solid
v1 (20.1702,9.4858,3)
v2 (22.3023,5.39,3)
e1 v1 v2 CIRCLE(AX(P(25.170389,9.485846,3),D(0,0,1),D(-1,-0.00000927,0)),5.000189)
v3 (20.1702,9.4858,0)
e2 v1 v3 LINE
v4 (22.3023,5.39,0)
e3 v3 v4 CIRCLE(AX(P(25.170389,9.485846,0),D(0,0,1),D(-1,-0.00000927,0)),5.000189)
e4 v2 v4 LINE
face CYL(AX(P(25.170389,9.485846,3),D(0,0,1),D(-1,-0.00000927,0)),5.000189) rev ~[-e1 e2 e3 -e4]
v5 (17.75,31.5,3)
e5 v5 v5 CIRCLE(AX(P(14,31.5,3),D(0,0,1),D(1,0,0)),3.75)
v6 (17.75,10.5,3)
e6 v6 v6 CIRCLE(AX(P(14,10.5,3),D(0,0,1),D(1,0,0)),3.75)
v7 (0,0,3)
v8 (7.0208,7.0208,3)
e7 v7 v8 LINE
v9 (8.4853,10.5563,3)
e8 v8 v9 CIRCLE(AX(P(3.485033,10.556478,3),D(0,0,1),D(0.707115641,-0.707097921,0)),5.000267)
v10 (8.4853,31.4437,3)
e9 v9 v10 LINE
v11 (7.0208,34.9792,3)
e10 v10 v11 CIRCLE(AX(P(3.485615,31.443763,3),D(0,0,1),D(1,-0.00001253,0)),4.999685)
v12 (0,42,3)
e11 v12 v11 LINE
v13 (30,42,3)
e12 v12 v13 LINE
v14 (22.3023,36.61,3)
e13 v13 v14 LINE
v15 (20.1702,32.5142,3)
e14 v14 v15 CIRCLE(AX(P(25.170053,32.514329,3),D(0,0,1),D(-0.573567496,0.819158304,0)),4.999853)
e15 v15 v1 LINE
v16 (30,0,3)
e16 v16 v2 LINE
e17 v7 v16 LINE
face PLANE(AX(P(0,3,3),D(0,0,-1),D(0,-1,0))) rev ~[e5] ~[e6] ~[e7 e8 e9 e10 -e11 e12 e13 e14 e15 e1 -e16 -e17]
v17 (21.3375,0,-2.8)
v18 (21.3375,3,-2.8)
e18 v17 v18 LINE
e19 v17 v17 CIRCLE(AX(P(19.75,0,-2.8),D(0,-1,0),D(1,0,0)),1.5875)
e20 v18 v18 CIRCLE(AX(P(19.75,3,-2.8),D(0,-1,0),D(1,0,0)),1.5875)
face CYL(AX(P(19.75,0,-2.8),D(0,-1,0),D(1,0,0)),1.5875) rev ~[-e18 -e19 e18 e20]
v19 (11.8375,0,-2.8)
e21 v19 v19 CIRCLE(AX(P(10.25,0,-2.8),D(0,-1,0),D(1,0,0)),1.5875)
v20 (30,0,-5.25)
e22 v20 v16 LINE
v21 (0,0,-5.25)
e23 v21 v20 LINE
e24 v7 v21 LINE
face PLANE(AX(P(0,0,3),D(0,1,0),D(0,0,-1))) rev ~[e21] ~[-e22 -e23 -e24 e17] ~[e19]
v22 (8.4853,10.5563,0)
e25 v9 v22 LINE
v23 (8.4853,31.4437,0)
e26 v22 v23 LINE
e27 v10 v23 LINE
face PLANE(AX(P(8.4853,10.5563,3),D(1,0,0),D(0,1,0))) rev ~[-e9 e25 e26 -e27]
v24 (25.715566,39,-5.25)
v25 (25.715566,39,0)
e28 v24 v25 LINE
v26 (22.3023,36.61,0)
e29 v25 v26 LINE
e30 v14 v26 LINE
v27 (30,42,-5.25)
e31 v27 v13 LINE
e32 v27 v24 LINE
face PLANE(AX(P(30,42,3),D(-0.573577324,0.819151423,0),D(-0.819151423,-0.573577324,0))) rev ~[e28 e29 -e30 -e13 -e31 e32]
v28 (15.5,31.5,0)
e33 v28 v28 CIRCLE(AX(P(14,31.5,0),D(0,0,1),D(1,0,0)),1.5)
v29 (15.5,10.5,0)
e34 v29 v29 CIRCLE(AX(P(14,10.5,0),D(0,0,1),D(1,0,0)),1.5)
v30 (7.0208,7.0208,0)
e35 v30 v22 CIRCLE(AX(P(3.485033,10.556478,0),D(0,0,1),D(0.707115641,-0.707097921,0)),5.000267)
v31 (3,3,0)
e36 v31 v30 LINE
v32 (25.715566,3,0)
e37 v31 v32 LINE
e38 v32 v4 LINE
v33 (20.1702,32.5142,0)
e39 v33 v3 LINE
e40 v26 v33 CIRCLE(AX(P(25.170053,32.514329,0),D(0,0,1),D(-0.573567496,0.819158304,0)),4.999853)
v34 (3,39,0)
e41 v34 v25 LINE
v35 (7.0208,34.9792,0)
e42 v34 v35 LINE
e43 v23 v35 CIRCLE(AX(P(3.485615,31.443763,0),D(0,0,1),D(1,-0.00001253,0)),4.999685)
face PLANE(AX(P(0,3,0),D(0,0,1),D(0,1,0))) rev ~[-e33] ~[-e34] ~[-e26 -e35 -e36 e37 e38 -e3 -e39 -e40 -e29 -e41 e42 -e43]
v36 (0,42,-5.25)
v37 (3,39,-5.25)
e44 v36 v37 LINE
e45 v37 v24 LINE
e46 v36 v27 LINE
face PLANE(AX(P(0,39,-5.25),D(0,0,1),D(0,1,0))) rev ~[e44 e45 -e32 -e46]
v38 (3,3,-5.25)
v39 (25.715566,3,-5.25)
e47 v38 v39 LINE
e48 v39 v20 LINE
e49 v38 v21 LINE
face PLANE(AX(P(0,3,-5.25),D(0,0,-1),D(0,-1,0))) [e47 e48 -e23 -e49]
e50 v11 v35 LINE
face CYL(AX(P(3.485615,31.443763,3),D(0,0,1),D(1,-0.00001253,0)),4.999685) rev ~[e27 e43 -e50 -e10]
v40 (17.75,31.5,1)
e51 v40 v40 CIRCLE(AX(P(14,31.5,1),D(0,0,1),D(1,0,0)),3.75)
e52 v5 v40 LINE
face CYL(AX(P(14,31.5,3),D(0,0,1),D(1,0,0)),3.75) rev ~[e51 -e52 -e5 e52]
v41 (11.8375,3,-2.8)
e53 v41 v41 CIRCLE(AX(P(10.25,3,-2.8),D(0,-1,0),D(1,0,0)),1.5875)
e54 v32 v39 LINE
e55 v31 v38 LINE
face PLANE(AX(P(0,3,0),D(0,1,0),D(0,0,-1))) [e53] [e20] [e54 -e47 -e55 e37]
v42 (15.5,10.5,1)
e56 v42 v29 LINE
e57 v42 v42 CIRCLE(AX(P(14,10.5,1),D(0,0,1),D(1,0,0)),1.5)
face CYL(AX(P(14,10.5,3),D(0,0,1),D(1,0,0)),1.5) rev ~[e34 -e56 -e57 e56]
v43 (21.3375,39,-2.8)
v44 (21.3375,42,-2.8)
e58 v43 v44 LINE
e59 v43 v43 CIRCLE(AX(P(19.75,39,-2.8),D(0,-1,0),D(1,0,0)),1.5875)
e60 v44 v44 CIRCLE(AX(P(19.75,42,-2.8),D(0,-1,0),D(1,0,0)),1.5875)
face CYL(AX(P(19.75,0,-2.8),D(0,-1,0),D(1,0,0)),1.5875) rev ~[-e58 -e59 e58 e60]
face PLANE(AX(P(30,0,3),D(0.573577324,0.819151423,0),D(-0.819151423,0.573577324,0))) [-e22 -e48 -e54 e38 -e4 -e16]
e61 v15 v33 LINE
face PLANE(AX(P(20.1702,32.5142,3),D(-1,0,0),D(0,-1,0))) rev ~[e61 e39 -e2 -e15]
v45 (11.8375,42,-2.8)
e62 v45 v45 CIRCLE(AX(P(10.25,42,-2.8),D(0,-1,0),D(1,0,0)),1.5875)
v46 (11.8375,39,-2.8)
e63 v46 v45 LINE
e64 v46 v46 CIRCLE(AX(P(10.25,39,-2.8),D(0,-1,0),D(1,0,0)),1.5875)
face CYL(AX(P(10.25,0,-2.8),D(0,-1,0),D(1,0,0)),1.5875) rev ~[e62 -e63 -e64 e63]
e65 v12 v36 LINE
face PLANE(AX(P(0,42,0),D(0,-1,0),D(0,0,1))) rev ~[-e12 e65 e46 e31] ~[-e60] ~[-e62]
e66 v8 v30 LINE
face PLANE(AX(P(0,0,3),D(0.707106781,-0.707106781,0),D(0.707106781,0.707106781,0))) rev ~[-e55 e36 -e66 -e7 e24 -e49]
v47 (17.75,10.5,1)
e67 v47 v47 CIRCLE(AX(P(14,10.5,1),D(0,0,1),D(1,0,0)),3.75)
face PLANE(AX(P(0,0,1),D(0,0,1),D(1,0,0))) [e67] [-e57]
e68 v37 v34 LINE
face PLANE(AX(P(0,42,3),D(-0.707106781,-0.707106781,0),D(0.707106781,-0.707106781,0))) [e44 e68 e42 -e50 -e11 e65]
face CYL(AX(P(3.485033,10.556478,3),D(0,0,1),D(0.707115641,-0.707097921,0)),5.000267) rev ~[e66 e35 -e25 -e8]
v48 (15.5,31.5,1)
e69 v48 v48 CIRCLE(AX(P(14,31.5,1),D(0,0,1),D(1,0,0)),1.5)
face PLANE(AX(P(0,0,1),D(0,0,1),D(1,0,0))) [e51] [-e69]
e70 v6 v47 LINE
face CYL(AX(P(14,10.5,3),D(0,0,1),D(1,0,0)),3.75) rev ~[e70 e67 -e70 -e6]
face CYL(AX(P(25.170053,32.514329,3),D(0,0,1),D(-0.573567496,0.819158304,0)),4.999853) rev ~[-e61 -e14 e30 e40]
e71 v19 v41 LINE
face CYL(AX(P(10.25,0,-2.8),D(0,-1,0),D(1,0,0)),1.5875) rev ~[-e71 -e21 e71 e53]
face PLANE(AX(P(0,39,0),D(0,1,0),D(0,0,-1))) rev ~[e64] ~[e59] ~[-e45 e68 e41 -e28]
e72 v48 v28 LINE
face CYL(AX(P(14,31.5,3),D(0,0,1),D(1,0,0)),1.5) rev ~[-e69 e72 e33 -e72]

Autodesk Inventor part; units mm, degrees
ref_plane "YZ Plane" through (0, 0, 0) normal (1, 0, 0) x (0, 1, 0)
ref_plane "XZ Plane" through (0, 0, 0) normal (0, 1, 0) x (-1, 0, 0)
ref_plane "XY Plane" through (0, 0, 0) normal (0, 0, 1) x (1, 0, 0)
sketch "Sketch1" plane through (0, 0, 0) normal (1, 0, 0) x (0, 1, 0)
  line L0 (0, 0) -> (42, 0)
  line L1 (42, 0) -> (42, 3)
  line L2 (42, 3) -> (0, 3)
  line L3 (0, 3) -> (0, 0)
  line L4 (42, 3) -> (39, 3)
  line L5 (39, 3) -> (39, -5.25)
  line L6 (39, -5.25) -> (42, -5.25)
  line L7 (42, -5.25) -> (42, 3)
  line L8 (21, 3) -> (21, 5.7784)
  line L9 (42, 0) -> (0, 0)
  line L10 (0, 0) -> (0, 3)
  line L11 (0, 3) -> (42, 3)
  line L12 (0, 3) -> (3, 3)
  line L13 (3, 3) -> (3, -5.25)
  line L14 (3, -5.25) -> (0, -5.25)
  line L15 (0, -5.25) -> (0, 3)
  point P0 (3, 0)
  point P1 (39, 0)
  dimension "d0" = 42
  dimension "d1" = 3
  dimension "d2" = 3
  dimension "d3" = 8.25
extrude "Extrusion1" add sketch "Sketch1" along normal blind 30
sketch "Sketch2" plane through (0, 0, -5.25) normal (0, -1, 0) x (1, 0, 0)
  circle A0 centre (19.75, 2.45) radius 1.5875
  line L0 (30, 8.25) -> (30, 0) projected
  line L1 (0, 8.25) -> (30, 8.25) projected
  line L2 (0, 0) -> (30, 0) projected
  circle A1 centre (10.25, 2.45) radius 1.5875
  line L3 (0, 8.25) -> (0, 0) projected
  point P0 (0, 5.25)
  dimension "d7" = 5.8
  dimension "d8" = 9.5
  dimension "d37" = 10.25
extrude "Extrusion2" cut sketch "Sketch2" against normal blind 60 contours A0 | A1
sketch "Sketch3" plane through (0, 0, 3) normal (0, 0, 1) x (1, 0, 0)
  circle A0 centre (14, 31.5) radius 3.75
  circle A1 centre (14, 10.5) radius 3.75
  line L0 (30, 42) -> (30, 0) projected
  line L1 (0, 42) -> (0, 0) projected
  line L2 (0, 42) -> (30, 42) projected
  line L3 (0, 0) -> (30, 0) projected
  circle A2 centre (14, 31.5) radius 1.5
  circle A3 centre (14, 10.5) radius 1.5
  dimension "d11" = 7.5
  dimension "d12" = 7.5
  dimension "d13" = 16
  dimension "d14" = 14
  dimension "d15" = 16
  dimension "d16" = 10.5
  dimension "d17" = 10.5
  dimension "d20" = 3
  dimension "d21" = 3
extrude "Extrusion3" cut sketch "Sketch3" against normal blind 2 contours A0 | A1 | A2 | A3
extrude "Extrusion4" cut sketch "Sketch3" against normal blind 10 contours A2 | A3
sketch "Sketch4" plane through (0, 0, 3) normal (0, 0, 1) x (1, 0, 0)
  line L0 (0, 0) -> (7.0208, 7.0208)
  line L1 (0, 0) -> (9.9289, 0) construction
  line L2 (8.4853, 10.5563) -> (8.4853, 31.4437)
  line L3 (0, 42) -> (0, 0) projected
  line L4 (0, 42) -> (7.0208, 34.9792)
  line L5 (0, 42) -> (9.9289, 42) construction
  line L6 (0, 0) -> (30, 0) projected
  line L7 (30, 0) -> (22.3023, 5.39)
  line L8 (30, 0) -> (39.3972, 0) construction
  line L9 (30, 42) -> (22.3023, 36.61)
  line L10 (30, 42) -> (39.3972, 42) construction
  line L11 (20.1702, 32.5142) -> (20.1702, 9.4858)
  line L12 (8.4853, 33.5147) -> (8.4853, 32.6445)
  arc A0 (20.1702, 9.4858) -> (22.3023, 5.39) centre (25.1702, 9.4858) ccw
  arc A1 (22.3023, 36.61) -> (20.1702, 32.5142) centre (25.1702, 32.5142) ccw
  arc A2 (8.4853, 31.4437) -> (7.0208, 34.9792) centre (3.4853, 31.4437) ccw
  arc A3 (7.0208, 7.0208) -> (8.4853, 10.5563) centre (3.4853, 10.5563) ccw
  line L13 (30, 42) -> (30, 0) projected
  line L14 (30, 0) -> (30, 42)
  point P0 (8.4853, 8.4853)
  point P1 (20.1702, 6.8829)
  point P2 (20.1702, 35.1171)
  dimension "d24" = 12
  dimension "d25" = 45
  dimension "d26" = 12
  dimension "d27" = 45
  dimension "d28" = 12
  dimension "d29" = 145
  dimension "d30" = 12
  dimension "d31" = 145
  dimension "d32" = 5
extrude "Extrusion5" cut sketch "Sketch4" against normal blind 10
sketch "Sketch5" plane through (0, 42, 3) normal (0, 1, 0) x (1, 0, 0)
  line L0 (0, 0) -> (7.0208, 0) projected
  line L1 (0, 8.25) -> (30, 8.25) projected
  line L2 (4, 0) -> (26, 0)
  line L3 (26, 0) -> (26, 8.25)
  line L4 (26, 8.25) -> (4, 8.25)
  line L5 (4, 8.25) -> (4, 0)
  line L6 (30, 8.25) -> (30, 0) projected
  point P0 (0, 3)
  dimension "d38" = 22
  dimension "d39" = 4
properties part number "horni_kloub_extenze_drzak"
